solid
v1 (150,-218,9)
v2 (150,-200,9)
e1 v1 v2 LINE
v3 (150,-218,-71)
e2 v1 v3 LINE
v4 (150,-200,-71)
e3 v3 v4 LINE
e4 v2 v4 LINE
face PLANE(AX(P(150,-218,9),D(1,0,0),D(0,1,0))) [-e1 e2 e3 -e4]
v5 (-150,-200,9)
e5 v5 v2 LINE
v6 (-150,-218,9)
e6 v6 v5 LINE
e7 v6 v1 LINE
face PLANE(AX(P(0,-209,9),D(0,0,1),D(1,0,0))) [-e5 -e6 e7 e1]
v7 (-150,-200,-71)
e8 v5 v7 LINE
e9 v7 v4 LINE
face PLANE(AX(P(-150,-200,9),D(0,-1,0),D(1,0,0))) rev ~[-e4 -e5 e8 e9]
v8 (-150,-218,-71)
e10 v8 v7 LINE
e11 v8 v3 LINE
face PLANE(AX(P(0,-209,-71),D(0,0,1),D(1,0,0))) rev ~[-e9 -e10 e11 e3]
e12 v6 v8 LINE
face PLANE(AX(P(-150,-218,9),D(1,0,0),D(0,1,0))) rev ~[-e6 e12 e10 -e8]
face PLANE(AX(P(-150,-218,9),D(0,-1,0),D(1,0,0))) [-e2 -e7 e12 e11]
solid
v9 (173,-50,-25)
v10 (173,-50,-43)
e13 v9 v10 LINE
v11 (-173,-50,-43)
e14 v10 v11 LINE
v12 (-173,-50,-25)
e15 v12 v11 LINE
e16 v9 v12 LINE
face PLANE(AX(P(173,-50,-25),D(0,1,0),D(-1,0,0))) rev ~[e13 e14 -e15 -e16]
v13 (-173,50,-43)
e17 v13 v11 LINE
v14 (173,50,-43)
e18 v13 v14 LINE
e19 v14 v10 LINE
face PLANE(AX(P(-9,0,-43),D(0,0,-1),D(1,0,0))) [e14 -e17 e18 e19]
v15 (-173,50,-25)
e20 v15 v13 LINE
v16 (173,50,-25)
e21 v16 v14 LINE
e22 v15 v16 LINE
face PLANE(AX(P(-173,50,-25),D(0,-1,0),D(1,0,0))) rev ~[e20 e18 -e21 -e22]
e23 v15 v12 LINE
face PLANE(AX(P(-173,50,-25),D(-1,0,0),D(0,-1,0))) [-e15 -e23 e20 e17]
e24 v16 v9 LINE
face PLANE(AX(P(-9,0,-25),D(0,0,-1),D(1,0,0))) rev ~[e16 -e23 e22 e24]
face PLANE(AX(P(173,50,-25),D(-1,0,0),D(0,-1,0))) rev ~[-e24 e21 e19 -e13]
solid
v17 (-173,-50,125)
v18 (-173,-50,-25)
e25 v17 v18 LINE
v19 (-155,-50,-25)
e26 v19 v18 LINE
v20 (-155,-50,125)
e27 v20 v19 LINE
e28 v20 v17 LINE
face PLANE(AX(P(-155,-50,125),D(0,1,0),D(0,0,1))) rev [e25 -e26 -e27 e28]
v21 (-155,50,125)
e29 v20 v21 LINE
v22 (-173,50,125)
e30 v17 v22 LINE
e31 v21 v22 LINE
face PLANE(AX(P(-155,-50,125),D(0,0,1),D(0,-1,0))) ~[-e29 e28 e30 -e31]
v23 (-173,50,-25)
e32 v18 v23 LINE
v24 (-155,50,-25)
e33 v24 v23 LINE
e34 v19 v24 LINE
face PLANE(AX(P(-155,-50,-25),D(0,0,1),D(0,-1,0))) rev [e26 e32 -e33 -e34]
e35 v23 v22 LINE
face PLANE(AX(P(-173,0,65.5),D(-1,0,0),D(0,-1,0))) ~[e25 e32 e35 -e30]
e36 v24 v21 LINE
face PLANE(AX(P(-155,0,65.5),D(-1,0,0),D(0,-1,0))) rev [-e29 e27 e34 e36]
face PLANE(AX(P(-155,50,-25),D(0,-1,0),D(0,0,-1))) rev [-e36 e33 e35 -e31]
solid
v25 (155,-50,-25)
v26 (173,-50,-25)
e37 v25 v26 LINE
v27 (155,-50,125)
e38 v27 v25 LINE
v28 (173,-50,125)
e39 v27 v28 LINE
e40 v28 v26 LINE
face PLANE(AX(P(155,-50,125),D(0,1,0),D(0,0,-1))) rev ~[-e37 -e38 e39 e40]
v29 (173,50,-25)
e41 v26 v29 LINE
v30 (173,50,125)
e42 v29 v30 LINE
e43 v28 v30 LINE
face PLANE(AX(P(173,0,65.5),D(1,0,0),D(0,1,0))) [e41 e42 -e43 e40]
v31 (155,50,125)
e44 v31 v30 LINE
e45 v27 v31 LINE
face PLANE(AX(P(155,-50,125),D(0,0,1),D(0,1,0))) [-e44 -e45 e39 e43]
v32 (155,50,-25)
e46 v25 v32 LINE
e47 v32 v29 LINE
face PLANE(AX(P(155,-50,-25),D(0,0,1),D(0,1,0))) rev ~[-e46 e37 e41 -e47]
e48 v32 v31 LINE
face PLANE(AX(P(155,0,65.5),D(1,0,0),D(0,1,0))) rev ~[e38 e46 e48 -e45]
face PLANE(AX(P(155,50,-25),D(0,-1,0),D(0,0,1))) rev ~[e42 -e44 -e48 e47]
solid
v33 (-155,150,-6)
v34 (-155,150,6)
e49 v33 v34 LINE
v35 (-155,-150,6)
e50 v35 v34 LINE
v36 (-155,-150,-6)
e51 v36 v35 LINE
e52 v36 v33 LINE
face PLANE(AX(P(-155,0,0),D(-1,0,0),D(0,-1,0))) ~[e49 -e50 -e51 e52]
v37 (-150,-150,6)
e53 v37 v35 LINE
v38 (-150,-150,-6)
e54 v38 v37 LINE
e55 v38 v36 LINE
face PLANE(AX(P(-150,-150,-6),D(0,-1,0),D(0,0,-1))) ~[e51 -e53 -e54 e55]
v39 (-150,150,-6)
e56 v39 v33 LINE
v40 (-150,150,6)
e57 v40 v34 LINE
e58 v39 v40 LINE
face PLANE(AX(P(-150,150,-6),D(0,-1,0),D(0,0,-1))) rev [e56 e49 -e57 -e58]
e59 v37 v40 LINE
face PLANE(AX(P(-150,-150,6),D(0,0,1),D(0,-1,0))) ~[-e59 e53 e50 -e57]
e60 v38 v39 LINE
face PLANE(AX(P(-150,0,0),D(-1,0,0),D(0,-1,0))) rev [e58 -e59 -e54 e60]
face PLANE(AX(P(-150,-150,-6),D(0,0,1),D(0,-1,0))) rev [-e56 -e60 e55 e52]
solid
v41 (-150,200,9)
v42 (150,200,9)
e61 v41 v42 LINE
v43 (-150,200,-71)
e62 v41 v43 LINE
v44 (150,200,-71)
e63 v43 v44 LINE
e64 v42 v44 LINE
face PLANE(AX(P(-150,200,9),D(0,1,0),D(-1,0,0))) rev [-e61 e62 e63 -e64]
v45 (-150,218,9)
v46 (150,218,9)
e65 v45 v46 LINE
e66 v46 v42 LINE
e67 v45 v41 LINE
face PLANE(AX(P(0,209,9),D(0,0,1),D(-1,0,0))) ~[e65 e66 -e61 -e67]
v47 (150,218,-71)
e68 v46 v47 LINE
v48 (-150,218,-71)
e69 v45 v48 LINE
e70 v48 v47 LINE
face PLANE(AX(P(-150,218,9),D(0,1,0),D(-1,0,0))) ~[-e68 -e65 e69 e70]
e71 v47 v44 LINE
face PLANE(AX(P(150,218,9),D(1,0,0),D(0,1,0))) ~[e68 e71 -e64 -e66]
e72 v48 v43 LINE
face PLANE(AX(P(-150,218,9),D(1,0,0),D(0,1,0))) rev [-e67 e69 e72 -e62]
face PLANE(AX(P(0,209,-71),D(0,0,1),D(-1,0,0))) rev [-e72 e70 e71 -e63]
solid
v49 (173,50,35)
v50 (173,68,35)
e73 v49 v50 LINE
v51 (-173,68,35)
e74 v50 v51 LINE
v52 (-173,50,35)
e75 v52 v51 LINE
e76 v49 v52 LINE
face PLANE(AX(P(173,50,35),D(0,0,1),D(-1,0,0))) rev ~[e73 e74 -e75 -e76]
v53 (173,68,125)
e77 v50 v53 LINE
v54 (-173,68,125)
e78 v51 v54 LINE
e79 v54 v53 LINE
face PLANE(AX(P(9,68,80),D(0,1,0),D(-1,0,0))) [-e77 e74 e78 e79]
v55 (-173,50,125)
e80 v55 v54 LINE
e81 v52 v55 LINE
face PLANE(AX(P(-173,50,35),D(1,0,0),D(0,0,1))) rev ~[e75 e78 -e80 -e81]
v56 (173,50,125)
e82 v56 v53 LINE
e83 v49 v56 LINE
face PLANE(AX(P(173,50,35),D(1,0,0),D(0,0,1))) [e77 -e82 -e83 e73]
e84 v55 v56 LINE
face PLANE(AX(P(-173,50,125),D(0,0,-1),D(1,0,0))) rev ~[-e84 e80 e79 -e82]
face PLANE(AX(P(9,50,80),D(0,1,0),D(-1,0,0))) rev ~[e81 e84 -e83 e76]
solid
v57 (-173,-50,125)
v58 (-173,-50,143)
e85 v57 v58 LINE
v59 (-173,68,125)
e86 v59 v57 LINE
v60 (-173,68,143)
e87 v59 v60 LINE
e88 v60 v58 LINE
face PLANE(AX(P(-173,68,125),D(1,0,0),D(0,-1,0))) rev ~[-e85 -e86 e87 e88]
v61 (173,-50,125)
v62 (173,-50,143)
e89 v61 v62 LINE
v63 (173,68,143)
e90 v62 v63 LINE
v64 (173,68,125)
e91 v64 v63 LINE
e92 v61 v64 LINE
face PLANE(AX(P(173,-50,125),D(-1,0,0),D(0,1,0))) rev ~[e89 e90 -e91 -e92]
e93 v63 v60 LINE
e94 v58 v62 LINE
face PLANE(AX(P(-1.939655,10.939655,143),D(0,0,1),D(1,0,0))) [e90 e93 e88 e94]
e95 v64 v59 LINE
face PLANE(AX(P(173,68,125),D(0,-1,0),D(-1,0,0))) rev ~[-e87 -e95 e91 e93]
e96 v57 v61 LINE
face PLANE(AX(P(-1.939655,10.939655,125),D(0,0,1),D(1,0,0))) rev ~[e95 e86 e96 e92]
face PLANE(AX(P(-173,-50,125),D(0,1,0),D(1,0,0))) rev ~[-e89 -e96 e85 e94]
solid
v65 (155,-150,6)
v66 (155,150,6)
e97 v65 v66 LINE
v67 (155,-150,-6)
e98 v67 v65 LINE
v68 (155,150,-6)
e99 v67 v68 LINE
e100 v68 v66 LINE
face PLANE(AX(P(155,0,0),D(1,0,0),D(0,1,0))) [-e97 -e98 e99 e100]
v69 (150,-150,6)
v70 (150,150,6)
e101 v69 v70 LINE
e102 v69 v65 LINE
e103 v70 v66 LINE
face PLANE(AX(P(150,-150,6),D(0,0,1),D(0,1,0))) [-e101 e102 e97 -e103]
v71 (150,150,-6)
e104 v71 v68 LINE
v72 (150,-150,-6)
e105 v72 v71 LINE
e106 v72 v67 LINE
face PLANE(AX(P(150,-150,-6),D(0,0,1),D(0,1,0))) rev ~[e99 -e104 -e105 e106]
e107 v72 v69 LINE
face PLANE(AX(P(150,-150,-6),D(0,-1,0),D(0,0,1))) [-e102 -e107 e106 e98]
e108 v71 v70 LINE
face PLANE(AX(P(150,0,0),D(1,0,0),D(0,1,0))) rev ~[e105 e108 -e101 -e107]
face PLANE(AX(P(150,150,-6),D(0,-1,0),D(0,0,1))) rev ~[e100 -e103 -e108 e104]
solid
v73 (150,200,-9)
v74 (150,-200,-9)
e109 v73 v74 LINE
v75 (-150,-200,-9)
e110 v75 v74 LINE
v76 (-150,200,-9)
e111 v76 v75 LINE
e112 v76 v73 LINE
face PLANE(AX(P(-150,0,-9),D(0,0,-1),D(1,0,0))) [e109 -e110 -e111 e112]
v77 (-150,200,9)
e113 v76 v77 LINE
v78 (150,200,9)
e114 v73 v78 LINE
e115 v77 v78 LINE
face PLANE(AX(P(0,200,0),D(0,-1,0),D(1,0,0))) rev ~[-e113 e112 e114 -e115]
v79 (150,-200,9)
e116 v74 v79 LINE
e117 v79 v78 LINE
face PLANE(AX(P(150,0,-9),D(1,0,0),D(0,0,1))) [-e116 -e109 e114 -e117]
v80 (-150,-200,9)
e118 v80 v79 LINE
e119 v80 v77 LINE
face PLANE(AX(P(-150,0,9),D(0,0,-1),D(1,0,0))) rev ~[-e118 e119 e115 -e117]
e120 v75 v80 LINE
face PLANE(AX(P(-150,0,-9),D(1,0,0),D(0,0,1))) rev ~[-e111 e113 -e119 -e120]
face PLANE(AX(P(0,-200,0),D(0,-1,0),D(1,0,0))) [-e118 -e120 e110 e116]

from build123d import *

# Parameters (mm, degrees)
F0_W      = 300
F0_H      = 18
F1_DEPTH  = 200
F2_W      = 300
F2_H      = 18
F3_DEPTH  = 80
F5_W      = 300
F5_H      = 12
F6_DEPTH  = 5
F8_W      = 100
F8_H      = 119
F8_W_2    = 50
F8_H_2    = 19
F9_DEPTH  = 18
F11_W     = 328
F11_H     = 100
F11_W_2   = 18
F12_DEPTH = 18
F13_W     = 328
F13_H     = 90
F13_W_2   = 18
F14_DEPTH = 18
F15_W     = 18
F15_H     = 100
F16_DEPTH = 18


with BuildPart() as f1:
    # F0 (on Front) → F1 (new body, symmetric)
    with BuildSketch(Plane.XZ):
        Rectangle(F0_W, F0_H)
    extrude(amount=F1_DEPTH, both=True)


with BuildPart() as f3:
    # F2 (on face) → F3 (new body)
    with BuildSketch(Plane.XY.offset(9)):
        with Locations((0, -209)):
            Rectangle(F2_W, F2_H)
    extrude(amount=-F3_DEPTH)


with BuildPart() as f4_1:
    # F4: instance of F3
    add(f3.part.mirror(Plane.XZ))


with BuildPart() as f6:
    # F5 (on face) → F6 (new body)
    with BuildSketch(Plane.YZ.offset(150)):
        Rectangle(F5_W, F5_H)
    extrude(amount=F6_DEPTH)


with BuildPart() as f7_1:
    # F7: instance of F6
    add(f6.part.mirror(Plane.YZ))


with BuildPart() as f9:
    # F8 (on face) → F9 (new body)
    with BuildSketch(Plane.YZ.offset(155)):
        with Locations((0, 65.5)):
            Rectangle(F8_W, F8_H)
        with Locations((-25, -15.5)):
            Rectangle(F8_W_2, F8_H_2)
        Polygon((-50, -6), (0, -6), (50, -6), (50, 6), (-50, 6), align=None)
        with Locations((25, -15.5)):
            Rectangle(F8_W_2, F8_H_2)
    extrude(amount=F9_DEPTH)


with BuildPart() as f10_1:
    # F10: instance of F9
    add(f9.part.mirror(Plane.YZ))


with BuildPart() as f12:
    # F11 (on face) → F12 (new body)
    with BuildSketch(Plane(origin=(0, 0, -25), x_dir=(1, 0, 0), z_dir=(0, 0, -1))):
        with Locations((-9, 0)):
            Rectangle(F11_W, F11_H)
        with Locations((164, 0)):
            Rectangle(F11_W_2, F11_H)
    extrude(amount=F12_DEPTH)


with BuildPart() as f14:
    # F13 (on face) → F14 (new body)
    with BuildSketch(Plane(origin=(0, 50, 0), x_dir=(-1, 0, 0), z_dir=(0, 1, 0))):
        with Locations((-9, 80)):
            Rectangle(F13_W, F13_H)
        with Locations((164, 80)):
            Rectangle(F13_W_2, F13_H)
    extrude(amount=F14_DEPTH)


with BuildPart() as f16:
    # F15 (on face) → F16 (new body)
    with BuildSketch(Plane.XY.offset(125)):
        Polygon((-173, -50), (155, -50), (155, 50), (173, 50), (173, 68), (-173, 68), align=None)
        with Locations((164, 0)):
            Rectangle(F15_W, F15_H)
    extrude(amount=F16_DEPTH)


solid = Compound([f1.part, f3.part, f4_1.part, f6.part, f7_1.part, f9.part, f10_1.part, f12.part, f14.part, f16.part])
